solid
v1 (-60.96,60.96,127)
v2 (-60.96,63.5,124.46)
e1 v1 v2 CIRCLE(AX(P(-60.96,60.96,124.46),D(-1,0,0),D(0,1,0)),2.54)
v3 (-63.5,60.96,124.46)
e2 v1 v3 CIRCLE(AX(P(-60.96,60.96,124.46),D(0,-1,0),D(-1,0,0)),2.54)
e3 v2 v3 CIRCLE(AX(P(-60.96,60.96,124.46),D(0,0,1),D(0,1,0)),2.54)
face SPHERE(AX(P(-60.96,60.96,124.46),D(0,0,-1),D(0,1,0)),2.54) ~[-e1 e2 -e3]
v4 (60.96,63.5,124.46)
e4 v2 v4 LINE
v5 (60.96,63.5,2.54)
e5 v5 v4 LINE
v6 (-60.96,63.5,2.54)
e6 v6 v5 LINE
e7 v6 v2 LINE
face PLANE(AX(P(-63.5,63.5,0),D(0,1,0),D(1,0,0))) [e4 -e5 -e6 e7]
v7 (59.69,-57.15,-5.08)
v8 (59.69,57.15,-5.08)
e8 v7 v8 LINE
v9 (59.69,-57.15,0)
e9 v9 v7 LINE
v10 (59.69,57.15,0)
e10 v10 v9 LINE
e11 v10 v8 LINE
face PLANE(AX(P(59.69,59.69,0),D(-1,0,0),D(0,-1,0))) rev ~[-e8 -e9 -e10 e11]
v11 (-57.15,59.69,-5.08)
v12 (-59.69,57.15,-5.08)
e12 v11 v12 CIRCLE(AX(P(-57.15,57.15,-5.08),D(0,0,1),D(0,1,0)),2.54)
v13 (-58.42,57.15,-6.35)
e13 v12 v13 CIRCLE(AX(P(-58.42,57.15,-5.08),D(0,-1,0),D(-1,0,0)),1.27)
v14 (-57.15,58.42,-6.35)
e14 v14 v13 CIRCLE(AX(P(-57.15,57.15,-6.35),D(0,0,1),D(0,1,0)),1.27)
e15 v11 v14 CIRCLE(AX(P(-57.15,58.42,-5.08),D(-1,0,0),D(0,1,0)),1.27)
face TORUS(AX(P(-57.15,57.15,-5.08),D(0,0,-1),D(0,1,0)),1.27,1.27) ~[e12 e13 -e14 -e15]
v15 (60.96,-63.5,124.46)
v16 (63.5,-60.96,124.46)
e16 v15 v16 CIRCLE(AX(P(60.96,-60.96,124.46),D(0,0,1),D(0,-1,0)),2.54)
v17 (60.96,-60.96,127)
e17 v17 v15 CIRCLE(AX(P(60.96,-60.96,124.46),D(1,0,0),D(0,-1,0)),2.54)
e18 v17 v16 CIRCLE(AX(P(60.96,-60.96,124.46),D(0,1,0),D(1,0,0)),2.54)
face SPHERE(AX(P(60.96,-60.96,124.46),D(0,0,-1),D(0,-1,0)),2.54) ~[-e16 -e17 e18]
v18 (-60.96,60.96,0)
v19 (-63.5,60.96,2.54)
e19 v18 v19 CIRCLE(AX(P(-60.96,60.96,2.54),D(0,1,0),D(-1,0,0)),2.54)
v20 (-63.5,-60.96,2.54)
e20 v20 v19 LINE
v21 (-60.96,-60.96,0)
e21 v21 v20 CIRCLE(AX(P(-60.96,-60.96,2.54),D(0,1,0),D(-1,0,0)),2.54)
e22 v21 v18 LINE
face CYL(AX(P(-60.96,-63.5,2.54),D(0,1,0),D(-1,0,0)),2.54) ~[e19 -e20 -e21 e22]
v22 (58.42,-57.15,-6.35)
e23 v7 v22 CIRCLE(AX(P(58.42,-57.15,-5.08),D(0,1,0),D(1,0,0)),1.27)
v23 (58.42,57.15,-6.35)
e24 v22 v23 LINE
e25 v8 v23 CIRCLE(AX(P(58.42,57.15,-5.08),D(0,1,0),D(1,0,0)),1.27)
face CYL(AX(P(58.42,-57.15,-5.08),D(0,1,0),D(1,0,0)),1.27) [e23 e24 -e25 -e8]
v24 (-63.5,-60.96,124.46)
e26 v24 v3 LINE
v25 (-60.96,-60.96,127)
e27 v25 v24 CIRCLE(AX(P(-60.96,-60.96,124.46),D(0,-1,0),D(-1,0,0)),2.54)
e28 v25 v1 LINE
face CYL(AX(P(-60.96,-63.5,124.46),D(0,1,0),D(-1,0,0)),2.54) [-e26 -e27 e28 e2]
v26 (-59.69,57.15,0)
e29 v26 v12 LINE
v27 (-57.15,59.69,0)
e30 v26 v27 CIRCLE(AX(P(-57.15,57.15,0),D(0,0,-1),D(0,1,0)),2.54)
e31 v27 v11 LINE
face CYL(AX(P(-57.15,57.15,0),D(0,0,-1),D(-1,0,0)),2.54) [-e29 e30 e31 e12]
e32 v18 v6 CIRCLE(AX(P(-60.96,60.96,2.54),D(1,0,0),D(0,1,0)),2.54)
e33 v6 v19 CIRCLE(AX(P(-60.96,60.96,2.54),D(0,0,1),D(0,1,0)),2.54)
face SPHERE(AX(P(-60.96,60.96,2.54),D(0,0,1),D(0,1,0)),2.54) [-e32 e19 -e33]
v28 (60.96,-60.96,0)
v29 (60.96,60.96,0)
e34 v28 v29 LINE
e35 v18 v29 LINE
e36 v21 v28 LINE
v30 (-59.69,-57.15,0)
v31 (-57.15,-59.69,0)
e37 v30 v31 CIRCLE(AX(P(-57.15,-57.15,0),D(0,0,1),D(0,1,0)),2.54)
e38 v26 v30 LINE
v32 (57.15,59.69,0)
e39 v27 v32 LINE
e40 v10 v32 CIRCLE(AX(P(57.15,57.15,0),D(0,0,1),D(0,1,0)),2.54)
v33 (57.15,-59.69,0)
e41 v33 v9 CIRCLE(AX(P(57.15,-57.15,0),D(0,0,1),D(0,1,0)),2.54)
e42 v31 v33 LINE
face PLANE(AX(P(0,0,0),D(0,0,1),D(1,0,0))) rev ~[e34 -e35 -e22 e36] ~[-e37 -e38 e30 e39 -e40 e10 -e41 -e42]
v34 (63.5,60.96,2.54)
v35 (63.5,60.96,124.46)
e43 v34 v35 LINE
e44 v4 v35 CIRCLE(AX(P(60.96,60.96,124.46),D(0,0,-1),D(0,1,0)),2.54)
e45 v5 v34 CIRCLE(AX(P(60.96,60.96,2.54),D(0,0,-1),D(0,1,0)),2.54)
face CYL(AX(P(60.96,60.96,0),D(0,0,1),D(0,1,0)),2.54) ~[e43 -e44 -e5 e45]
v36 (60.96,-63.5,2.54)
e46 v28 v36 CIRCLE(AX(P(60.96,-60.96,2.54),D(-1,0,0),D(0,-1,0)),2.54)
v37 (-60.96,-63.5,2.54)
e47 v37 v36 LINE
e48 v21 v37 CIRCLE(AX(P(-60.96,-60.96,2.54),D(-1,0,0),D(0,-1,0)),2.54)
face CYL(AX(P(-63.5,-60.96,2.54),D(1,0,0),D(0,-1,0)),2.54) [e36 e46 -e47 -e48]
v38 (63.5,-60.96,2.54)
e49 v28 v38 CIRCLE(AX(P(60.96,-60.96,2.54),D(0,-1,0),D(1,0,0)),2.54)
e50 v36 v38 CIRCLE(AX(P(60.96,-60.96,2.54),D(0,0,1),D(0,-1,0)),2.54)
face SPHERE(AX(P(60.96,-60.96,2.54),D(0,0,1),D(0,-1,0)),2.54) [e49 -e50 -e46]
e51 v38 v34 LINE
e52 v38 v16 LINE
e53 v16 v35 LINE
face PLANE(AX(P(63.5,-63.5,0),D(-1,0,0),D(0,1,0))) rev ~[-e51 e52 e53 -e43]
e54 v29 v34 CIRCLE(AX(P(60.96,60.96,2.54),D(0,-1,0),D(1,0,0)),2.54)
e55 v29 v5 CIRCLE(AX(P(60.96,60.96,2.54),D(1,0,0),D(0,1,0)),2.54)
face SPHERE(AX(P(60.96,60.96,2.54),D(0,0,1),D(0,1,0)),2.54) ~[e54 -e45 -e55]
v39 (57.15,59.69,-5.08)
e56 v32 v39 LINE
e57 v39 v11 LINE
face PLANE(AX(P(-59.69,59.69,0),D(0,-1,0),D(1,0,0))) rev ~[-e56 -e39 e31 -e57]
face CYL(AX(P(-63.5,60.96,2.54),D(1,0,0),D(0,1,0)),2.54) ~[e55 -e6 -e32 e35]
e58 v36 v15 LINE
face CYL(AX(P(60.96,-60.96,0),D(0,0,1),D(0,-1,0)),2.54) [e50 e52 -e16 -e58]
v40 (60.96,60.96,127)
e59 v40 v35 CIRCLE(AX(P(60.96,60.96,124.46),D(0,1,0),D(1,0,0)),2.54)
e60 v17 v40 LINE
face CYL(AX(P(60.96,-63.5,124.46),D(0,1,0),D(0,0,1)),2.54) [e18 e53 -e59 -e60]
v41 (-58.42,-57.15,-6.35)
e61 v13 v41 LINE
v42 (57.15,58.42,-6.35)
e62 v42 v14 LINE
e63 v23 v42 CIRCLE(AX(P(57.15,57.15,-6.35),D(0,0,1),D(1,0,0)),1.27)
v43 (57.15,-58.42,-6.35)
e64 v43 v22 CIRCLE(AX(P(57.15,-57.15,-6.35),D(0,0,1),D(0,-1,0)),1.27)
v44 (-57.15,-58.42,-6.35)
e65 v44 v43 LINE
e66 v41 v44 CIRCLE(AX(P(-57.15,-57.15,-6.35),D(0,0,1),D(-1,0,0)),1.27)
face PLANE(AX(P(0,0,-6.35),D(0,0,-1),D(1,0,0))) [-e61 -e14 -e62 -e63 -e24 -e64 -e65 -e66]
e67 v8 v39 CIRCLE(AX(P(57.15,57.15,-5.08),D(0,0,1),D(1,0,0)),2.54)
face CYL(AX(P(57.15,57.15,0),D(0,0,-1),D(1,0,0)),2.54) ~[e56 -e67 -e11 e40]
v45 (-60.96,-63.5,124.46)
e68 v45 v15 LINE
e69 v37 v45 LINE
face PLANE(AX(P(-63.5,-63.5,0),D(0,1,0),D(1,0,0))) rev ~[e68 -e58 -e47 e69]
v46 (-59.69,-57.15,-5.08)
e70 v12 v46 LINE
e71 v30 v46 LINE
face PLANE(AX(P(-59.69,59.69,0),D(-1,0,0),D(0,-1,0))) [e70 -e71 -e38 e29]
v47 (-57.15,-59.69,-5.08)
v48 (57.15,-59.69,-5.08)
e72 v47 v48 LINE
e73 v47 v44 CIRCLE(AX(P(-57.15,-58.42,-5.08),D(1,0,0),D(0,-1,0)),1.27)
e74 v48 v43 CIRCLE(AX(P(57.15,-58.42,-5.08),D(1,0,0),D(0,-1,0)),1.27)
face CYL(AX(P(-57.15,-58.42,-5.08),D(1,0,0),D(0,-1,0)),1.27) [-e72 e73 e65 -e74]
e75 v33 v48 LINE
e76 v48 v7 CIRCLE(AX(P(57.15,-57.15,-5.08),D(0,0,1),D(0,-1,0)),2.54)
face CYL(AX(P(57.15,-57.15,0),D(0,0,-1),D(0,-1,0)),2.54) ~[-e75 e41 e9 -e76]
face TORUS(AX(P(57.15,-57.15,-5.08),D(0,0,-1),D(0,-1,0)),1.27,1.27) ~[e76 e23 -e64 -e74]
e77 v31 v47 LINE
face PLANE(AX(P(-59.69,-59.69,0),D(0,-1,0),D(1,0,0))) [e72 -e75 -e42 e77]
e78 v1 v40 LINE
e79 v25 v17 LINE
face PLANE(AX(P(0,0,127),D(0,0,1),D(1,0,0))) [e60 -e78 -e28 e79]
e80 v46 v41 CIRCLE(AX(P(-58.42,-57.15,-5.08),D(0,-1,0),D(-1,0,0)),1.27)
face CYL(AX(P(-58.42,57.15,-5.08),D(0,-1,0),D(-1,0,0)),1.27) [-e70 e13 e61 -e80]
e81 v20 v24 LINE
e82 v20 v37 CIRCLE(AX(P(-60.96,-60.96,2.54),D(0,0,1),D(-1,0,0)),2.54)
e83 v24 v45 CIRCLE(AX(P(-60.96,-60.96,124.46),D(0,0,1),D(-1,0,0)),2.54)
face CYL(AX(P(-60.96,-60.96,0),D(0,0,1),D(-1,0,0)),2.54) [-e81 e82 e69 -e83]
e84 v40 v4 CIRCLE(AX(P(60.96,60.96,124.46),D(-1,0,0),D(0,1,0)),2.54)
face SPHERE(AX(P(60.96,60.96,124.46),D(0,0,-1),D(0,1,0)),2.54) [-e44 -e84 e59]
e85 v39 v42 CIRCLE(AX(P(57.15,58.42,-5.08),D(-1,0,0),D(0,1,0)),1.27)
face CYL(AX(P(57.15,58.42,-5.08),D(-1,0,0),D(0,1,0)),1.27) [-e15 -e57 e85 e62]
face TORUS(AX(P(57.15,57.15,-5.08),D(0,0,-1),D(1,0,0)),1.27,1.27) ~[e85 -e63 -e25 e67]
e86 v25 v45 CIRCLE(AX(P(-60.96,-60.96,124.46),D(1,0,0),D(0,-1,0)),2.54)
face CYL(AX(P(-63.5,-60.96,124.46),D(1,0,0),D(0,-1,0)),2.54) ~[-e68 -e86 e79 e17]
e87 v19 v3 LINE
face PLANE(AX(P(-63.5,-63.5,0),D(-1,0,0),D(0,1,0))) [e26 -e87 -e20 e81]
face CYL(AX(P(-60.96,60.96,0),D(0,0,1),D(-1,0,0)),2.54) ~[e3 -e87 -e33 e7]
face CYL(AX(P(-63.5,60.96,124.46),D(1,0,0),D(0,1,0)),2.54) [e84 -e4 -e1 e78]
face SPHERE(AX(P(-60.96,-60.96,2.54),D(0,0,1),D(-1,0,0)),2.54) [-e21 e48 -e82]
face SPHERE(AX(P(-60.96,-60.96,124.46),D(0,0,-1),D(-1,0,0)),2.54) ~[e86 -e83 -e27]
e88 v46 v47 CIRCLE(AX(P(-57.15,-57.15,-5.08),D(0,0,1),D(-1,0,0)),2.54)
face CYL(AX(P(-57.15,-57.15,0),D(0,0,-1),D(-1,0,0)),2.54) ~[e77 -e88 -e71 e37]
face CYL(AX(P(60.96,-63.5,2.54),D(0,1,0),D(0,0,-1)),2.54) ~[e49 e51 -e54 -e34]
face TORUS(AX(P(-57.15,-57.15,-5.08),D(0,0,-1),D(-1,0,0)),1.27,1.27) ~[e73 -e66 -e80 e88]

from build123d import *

# Parameters (mm, degrees)
F0_W     = 127
F0_H     = 127
F1_DEPTH = 127
F2_W     = 119.38
F2_H     = 119.38
F3_DEPTH = 6.35
F4_R     = 2.54
F5_R     = 2.54
F6_R     = 1.27


with BuildPart() as f1:
    # F0 (on Top) → F1 (new body)
    with BuildSketch(Plane.XY):
        Rectangle(F0_W, F0_H)
    extrude(amount=F1_DEPTH)

    # F2 (on face) → F3 (join)
    with BuildSketch(Plane(origin=(0, 0, 0), x_dir=(1, 0, 0), z_dir=(0, 0, -1))):
        Rectangle(F2_W, F2_H)
    extrude(amount=F3_DEPTH)

    # F4
    f4_edges = [f1.edges().sort_by_distance(p)[0] for p in [
        (63.5, 63.5, 63.5),
        (-63.5, 63.5, 63.5),
        (0, 63.5, 0),
        (0, 63.5, 127),
        (-63.5, -63.5, 63.5),
        (-63.5, 0, 0),
        (-63.5, 0, 127),
        (63.5, -63.5, 63.5),
        (0, -63.5, 0),
        (0, -63.5, 127),
        (63.5, 0, 0),
        (63.5, 0, 127),
    ]]
    fillet(f4_edges, radius=F4_R)

    # F5
    f5_edges = [f1.edges().sort_by_distance(p)[0] for p in [
        (59.69, -59.69, -3.175),
        (-59.69, -59.69, -3.175),
        (59.69, 59.69, -3.175),
        (-59.69, 59.69, -3.175),
    ]]
    fillet(f5_edges, radius=F5_R)

    # F6
    f6_edges = [f1.edges().sort_by_distance(p)[0] for p in [
        (0, -59.69, -6.35),
        (58.946051, -58.946051, -6.35),
        (-58.946051, -58.946051, -6.35),
        (59.69, 0, -6.35),
        (-59.69, 0, -6.35),
        (58.946051, 58.946051, -6.35),
        (-58.946051, 58.946051, -6.35),
        (0, 59.69, -6.35),
    ]]
    fillet(f6_edges, radius=F6_R)


solid = f1.part
